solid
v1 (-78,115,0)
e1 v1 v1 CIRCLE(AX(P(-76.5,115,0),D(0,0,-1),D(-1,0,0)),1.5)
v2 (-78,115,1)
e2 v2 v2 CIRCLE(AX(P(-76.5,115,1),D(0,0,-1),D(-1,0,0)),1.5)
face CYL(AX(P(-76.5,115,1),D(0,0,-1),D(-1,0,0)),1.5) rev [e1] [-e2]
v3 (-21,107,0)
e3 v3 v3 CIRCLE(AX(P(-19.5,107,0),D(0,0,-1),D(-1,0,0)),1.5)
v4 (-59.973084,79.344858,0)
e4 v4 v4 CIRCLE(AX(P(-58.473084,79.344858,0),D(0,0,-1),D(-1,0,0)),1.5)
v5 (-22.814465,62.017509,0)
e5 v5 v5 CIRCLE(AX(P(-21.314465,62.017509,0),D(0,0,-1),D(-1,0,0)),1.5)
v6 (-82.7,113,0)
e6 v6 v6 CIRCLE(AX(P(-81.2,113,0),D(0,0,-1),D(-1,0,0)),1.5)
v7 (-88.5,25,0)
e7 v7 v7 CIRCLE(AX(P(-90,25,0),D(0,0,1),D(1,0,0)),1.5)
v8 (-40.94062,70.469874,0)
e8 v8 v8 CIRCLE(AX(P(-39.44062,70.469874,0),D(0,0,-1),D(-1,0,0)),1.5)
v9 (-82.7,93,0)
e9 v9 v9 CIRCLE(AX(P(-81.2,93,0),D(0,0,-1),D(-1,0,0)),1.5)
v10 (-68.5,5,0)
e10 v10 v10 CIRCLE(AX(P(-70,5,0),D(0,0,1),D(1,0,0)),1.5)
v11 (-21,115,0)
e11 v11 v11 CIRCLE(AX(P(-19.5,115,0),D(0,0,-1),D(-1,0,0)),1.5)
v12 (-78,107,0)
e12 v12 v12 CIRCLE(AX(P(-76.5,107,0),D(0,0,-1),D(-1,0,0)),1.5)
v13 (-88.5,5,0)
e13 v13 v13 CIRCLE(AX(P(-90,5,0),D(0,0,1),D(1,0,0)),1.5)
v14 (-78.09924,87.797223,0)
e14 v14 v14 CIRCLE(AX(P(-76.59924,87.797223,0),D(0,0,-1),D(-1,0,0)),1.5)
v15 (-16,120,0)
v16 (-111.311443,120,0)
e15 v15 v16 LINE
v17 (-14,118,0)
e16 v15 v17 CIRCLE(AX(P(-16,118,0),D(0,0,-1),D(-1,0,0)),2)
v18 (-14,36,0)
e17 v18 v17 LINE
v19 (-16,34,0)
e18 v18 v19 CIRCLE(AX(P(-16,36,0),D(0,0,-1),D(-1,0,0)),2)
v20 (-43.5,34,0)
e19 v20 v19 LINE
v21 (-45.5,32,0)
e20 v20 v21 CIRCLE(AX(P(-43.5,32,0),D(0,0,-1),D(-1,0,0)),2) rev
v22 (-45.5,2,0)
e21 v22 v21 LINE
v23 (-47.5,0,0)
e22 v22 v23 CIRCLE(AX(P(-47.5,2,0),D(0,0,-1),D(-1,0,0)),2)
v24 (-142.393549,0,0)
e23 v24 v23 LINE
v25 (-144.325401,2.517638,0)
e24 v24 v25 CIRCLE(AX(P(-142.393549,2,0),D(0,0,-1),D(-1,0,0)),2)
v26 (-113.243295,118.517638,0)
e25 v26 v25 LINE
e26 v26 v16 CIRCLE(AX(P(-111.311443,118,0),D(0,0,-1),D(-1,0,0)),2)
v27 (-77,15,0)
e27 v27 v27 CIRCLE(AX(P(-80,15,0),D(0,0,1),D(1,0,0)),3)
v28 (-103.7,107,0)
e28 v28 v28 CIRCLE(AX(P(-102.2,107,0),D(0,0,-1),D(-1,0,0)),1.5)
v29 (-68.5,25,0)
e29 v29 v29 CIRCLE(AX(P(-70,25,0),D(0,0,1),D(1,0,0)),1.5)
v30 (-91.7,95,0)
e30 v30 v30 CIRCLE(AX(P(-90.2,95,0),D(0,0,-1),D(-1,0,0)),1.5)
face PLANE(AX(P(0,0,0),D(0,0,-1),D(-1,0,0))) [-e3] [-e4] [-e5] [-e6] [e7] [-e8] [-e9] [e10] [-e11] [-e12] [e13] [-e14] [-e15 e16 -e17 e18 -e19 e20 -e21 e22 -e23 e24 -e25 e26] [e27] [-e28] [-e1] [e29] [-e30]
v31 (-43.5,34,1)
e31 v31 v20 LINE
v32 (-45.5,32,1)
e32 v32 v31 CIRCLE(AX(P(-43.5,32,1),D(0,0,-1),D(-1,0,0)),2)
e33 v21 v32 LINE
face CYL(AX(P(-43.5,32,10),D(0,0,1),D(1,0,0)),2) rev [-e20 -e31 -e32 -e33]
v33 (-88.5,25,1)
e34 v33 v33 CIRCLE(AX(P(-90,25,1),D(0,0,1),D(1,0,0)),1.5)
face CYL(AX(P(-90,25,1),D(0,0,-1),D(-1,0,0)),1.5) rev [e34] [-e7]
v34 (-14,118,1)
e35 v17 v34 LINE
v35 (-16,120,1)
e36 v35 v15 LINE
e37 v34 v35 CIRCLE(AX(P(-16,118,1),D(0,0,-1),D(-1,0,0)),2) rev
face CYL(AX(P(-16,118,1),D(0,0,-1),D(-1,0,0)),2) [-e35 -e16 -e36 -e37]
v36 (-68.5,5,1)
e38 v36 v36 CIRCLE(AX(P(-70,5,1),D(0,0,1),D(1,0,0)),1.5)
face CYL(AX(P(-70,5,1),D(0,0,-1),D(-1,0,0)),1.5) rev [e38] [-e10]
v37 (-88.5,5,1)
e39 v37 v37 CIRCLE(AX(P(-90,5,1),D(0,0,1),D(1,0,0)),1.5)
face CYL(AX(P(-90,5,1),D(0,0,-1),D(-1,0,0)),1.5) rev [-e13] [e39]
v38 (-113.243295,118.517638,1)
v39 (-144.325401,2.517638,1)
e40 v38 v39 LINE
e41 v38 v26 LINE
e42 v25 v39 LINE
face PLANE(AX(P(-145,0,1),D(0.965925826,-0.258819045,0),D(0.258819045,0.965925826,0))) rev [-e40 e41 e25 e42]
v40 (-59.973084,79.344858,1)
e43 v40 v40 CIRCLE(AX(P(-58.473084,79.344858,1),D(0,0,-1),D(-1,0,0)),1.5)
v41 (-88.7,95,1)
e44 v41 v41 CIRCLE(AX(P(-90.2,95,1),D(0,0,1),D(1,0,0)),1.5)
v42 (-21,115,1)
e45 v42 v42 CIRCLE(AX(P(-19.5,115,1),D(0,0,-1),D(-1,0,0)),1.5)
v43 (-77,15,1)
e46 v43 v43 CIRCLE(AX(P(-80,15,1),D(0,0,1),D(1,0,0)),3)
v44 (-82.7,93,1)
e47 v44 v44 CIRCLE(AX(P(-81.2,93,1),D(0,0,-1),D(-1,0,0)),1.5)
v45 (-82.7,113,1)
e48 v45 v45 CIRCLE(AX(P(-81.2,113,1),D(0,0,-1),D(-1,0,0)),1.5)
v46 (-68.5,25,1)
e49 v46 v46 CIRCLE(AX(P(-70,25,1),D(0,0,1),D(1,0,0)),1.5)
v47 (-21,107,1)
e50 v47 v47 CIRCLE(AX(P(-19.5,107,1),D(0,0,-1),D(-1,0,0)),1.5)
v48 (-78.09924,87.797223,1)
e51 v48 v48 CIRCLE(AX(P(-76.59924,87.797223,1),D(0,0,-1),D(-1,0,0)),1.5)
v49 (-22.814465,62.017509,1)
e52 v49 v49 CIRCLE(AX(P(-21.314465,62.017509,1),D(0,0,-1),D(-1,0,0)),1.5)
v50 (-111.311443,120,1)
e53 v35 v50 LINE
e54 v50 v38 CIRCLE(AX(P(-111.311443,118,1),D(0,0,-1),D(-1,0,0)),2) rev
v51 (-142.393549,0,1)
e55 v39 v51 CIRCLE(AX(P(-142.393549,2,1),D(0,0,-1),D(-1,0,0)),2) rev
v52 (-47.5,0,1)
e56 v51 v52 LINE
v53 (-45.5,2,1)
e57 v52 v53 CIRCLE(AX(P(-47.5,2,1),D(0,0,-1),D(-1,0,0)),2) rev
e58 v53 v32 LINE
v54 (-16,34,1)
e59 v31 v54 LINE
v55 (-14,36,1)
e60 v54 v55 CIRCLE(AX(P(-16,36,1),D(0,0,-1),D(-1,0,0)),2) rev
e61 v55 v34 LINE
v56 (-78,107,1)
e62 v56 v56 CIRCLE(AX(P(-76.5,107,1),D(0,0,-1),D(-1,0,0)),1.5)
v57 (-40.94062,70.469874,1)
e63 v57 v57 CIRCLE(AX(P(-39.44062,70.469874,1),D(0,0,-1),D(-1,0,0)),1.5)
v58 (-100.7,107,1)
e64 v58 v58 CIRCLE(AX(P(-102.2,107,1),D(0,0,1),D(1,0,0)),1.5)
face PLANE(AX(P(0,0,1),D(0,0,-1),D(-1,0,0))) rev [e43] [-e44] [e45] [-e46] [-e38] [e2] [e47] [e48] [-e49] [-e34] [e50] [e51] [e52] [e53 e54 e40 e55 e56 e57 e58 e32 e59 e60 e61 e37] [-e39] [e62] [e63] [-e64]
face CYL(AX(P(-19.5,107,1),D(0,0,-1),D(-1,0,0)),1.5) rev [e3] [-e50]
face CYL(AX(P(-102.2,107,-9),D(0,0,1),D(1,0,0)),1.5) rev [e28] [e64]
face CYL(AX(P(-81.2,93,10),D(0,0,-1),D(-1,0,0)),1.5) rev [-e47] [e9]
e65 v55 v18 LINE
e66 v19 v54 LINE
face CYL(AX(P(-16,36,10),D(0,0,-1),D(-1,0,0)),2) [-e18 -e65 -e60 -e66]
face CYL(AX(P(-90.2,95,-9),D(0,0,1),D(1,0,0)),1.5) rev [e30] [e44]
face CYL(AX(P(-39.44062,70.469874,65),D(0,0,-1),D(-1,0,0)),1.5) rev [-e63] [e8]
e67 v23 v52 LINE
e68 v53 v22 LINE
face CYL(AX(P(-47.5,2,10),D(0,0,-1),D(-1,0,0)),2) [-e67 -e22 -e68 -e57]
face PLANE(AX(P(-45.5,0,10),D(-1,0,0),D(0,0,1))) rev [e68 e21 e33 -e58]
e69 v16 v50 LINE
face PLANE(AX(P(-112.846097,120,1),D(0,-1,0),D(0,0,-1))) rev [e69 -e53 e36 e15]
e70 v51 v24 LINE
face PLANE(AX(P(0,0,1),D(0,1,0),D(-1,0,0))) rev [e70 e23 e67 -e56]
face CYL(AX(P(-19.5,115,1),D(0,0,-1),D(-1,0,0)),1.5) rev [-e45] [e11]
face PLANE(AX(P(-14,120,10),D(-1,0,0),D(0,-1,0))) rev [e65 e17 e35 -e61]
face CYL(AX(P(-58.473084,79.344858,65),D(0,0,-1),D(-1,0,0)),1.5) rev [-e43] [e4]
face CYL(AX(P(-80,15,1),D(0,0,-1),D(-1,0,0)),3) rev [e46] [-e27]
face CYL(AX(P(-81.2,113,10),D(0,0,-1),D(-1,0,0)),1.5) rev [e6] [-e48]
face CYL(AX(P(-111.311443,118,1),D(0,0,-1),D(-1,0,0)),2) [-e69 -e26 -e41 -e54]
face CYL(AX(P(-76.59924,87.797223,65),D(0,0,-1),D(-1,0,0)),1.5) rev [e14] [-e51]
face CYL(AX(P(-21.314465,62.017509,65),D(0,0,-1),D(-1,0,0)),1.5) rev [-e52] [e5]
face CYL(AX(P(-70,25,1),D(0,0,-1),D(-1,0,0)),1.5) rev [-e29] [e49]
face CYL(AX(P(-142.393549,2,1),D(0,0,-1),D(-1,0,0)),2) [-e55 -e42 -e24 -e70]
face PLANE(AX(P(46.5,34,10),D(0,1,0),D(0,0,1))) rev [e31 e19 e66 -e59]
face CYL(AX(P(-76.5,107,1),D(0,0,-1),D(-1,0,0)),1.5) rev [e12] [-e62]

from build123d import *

# Parameters (mm, degrees)
SKETCH_1_R           = 1.5
SKETCH_1_R_2         = 3
EXTRUDE_1_DEPTH      = 1
SKETCH_2_W           = 46.5
SKETCH_2_H           = 120
EXTRUDE_2_DEPTH      = 1
SKETCH_7_R           = 1.5
CUT_EXTRUDE_5_DEPTH  = 10
SKETCH_8_R           = 1.5
CUT_EXTRUDE_6_DEPTH  = 10
SKETCH_10_W          = 51
SKETCH_10_H          = 30
CUT_EXTRUDE_7_DEPTH  = 10
SKETCH_11_R          = 1.5
CUT_EXTRUDE_8_DEPTH  = 65
SKETCH_12_R          = 1.5
CUT_EXTRUDE_9_DEPTH  = 10
SKETCH_13_W          = 41
SKETCH_13_H          = 30
CUT_EXTRUDE_10_DEPTH = 10
SKETCH_14_R          = 10
CUT_EXTRUDE_11_DEPTH = 10
SKETCH_16_R          = 1.5
CUT_EXTRUDE_13_DEPTH = 1
SKETCH_17_R          = 1.5
CUT_EXTRUDE_14_DEPTH = 10
SKETCH_18_W          = 92
SKETCH_18_H          = 4
CUT_EXTRUDE_15_DEPTH = 10
FILLET_2_R           = 2
SKETCH_19_R          = 10
EXTRUDE_3_DEPTH      = 1
SKETCH_20_W          = 60.5
SKETCH_20_H          = 86
CUT_EXTRUDE_16_DEPTH = 10
FILLET_3_R           = 2


with BuildPart() as part:
    # 草图1 → 凸台-拉伸1 (new body)
    with BuildSketch(Plane.XY):
        Polygon((0, 0), (-145, 0), (-112.846096908, 120), (0, 120), align=None)
        with Locations((-70, 25)):
            Circle(SKETCH_1_R, mode=Mode.SUBTRACT)
        with Locations((-90, 25)):
            Circle(SKETCH_1_R, mode=Mode.SUBTRACT)
        with Locations((-80, 15)):
            Circle(SKETCH_1_R_2, mode=Mode.SUBTRACT)
        with Locations((-70, 5)):
            Circle(SKETCH_1_R, mode=Mode.SUBTRACT)
        with Locations((-90, 5)):
            Circle(SKETCH_1_R, mode=Mode.SUBTRACT)
    extrude(amount=EXTRUDE_1_DEPTH)

    # 草图2 → 凸台-拉伸2 (add)
    with BuildSketch(Plane.XY.offset(1)):
        with Locations((23.25, 60)):
            Rectangle(SKETCH_2_W, SKETCH_2_H)
    extrude(amount=-EXTRUDE_2_DEPTH)

    # 草图7 → 切除-拉伸5 (cut)
    with BuildSketch(Plane.XY.offset(1)):
        with Locations((-102.2, 107)):
            Circle(SKETCH_7_R)
        with Locations((-90.2, 95)):
            Circle(SKETCH_7_R)
    extrude(amount=-CUT_EXTRUDE_5_DEPTH, mode=Mode.SUBTRACT)

    # 草图8 → 切除-拉伸6 (cut)
    with BuildSketch(Plane.XY.offset(1)):
        with Locations((42.5, 103)):
            Circle(SKETCH_8_R)
        with Locations((42.5, 83)):
            Circle(SKETCH_8_R)
    extrude(amount=-CUT_EXTRUDE_6_DEPTH, mode=Mode.SUBTRACT)

    # 草图10 → 切除-拉伸7 (cut)
    with BuildSketch(Plane.XY.offset(1)):
        with Locations((21, 15)):
            Rectangle(SKETCH_10_W, SKETCH_10_H)
    extrude(amount=-CUT_EXTRUDE_7_DEPTH, mode=Mode.SUBTRACT)

    # 草图11 → 切除-拉伸8 (cut)
    with BuildSketch(Plane(origin=(0, 0, 0), x_dir=(-1, 0, 0), z_dir=(0, 0, -1))):
        with Locations((76.599239768, 87.797222746)):
            Circle(SKETCH_11_R)
        with Locations((58.473084028, 79.344857511)):
            Circle(SKETCH_11_R)
        with Locations((21.314464759, 62.017508779)):
            Circle(SKETCH_11_R)
        with Locations((39.4406205, 70.469874014)):
            Circle(SKETCH_11_R)
    extrude(amount=-CUT_EXTRUDE_8_DEPTH, mode=Mode.SUBTRACT)

    # 草图12 → 切除-拉伸9 (cut)
    with BuildSketch(Plane(origin=(0, 0, 0), x_dir=(-1, 0, 0), z_dir=(0, 0, -1))):
        with Locations((81.2, 113)):
            Circle(SKETCH_12_R)
        with Locations((81.2, 93)):
            Circle(SKETCH_12_R)
    extrude(amount=-CUT_EXTRUDE_9_DEPTH, mode=Mode.SUBTRACT)

    # 草图13 → 切除-拉伸10 (cut)
    with BuildSketch(Plane(origin=(0, 0, 0), x_dir=(-1, 0, 0), z_dir=(0, 0, -1))):
        with Locations((25, 15)):
            Rectangle(SKETCH_13_W, SKETCH_13_H)
    extrude(amount=-CUT_EXTRUDE_10_DEPTH, mode=Mode.SUBTRACT)

    # 草图14 → 切除-拉伸11 (cut)
    with BuildSketch(Plane(origin=(0, 0, 0), x_dir=(-1, 0, 0), z_dir=(0, 0, -1))):
        with Locations((-28.5, 104)):
            Circle(SKETCH_14_R)
    extrude(amount=-CUT_EXTRUDE_11_DEPTH, mode=Mode.SUBTRACT)

    # 草图16 → 切除-拉伸13 (cut)
    with BuildSketch(Plane(origin=(0, 0, 0), x_dir=(-1, 0, 0), z_dir=(0, 0, -1))):
        with Locations((76.5, 115)):
            Circle(SKETCH_16_R)
        with Locations((76.5, 107)):
            Circle(SKETCH_16_R)
        with Locations((19.5, 107)):
            Circle(SKETCH_16_R)
        with Locations((19.5, 115)):
            Circle(SKETCH_16_R)
    extrude(amount=-CUT_EXTRUDE_13_DEPTH, mode=Mode.SUBTRACT)

    # 草图17 → 切除-拉伸14 (cut)
    with BuildSketch(Plane(origin=(0, 0, 0), x_dir=(-1, 0, 0), z_dir=(0, 0, -1))):
        with Locations((-14.5, 115)):
            Circle(SKETCH_17_R)
        with Locations((-34.5, 115)):
            Circle(SKETCH_17_R)
    extrude(amount=-CUT_EXTRUDE_14_DEPTH, mode=Mode.SUBTRACT)

    # 草图18 → 切除-拉伸15 (cut)
    with BuildSketch(Plane(origin=(0, 0, 0), x_dir=(-1, 0, 0), z_dir=(0, 0, -1))):
        with Locations((-0.5, 32)):
            Rectangle(SKETCH_18_W, SKETCH_18_H)
    extrude(amount=-CUT_EXTRUDE_15_DEPTH, mode=Mode.SUBTRACT)

    # 圆角2
    fillet_2_edges = [part.edges().sort_by_distance(p)[0] for p in [
        (-45.5, 0, 0.5),
        (46.5, 34, 0.5),
        (-45.5, 34, 0.5),
        (46.5, 120, 0.5),
        (-145, 0, 0.5),
        (-112.846096908, 120, 0.5),
    ]]
    fillet(fillet_2_edges, radius=FILLET_2_R)

    # 草图19 → 凸台-拉伸3 (add)
    with BuildSketch(Plane(origin=(0, 0, 0), x_dir=(-1, 0, 0), z_dir=(0, 0, -1))):
        with Locations((-28.5, 104)):
            Circle(SKETCH_19_R)
    extrude(amount=-EXTRUDE_3_DEPTH)

    # 草图20 → 切除-拉伸16 (cut)
    with BuildSketch(Plane(origin=(0, 0, 0), x_dir=(-1, 0, 0), z_dir=(0, 0, -1))):
        with Locations((-16.25, 77)):
            Rectangle(SKETCH_20_W, SKETCH_20_H)
    extrude(amount=-CUT_EXTRUDE_16_DEPTH, mode=Mode.SUBTRACT)

    # 圆角3
    fillet_3_edges = [part.edges().sort_by_distance(p)[0] for p in [
        (-14, 120, 0.5),
        (-14, 34, 0.5),
    ]]
    fillet(fillet_3_edges, radius=FILLET_3_R)


solid = part.part
